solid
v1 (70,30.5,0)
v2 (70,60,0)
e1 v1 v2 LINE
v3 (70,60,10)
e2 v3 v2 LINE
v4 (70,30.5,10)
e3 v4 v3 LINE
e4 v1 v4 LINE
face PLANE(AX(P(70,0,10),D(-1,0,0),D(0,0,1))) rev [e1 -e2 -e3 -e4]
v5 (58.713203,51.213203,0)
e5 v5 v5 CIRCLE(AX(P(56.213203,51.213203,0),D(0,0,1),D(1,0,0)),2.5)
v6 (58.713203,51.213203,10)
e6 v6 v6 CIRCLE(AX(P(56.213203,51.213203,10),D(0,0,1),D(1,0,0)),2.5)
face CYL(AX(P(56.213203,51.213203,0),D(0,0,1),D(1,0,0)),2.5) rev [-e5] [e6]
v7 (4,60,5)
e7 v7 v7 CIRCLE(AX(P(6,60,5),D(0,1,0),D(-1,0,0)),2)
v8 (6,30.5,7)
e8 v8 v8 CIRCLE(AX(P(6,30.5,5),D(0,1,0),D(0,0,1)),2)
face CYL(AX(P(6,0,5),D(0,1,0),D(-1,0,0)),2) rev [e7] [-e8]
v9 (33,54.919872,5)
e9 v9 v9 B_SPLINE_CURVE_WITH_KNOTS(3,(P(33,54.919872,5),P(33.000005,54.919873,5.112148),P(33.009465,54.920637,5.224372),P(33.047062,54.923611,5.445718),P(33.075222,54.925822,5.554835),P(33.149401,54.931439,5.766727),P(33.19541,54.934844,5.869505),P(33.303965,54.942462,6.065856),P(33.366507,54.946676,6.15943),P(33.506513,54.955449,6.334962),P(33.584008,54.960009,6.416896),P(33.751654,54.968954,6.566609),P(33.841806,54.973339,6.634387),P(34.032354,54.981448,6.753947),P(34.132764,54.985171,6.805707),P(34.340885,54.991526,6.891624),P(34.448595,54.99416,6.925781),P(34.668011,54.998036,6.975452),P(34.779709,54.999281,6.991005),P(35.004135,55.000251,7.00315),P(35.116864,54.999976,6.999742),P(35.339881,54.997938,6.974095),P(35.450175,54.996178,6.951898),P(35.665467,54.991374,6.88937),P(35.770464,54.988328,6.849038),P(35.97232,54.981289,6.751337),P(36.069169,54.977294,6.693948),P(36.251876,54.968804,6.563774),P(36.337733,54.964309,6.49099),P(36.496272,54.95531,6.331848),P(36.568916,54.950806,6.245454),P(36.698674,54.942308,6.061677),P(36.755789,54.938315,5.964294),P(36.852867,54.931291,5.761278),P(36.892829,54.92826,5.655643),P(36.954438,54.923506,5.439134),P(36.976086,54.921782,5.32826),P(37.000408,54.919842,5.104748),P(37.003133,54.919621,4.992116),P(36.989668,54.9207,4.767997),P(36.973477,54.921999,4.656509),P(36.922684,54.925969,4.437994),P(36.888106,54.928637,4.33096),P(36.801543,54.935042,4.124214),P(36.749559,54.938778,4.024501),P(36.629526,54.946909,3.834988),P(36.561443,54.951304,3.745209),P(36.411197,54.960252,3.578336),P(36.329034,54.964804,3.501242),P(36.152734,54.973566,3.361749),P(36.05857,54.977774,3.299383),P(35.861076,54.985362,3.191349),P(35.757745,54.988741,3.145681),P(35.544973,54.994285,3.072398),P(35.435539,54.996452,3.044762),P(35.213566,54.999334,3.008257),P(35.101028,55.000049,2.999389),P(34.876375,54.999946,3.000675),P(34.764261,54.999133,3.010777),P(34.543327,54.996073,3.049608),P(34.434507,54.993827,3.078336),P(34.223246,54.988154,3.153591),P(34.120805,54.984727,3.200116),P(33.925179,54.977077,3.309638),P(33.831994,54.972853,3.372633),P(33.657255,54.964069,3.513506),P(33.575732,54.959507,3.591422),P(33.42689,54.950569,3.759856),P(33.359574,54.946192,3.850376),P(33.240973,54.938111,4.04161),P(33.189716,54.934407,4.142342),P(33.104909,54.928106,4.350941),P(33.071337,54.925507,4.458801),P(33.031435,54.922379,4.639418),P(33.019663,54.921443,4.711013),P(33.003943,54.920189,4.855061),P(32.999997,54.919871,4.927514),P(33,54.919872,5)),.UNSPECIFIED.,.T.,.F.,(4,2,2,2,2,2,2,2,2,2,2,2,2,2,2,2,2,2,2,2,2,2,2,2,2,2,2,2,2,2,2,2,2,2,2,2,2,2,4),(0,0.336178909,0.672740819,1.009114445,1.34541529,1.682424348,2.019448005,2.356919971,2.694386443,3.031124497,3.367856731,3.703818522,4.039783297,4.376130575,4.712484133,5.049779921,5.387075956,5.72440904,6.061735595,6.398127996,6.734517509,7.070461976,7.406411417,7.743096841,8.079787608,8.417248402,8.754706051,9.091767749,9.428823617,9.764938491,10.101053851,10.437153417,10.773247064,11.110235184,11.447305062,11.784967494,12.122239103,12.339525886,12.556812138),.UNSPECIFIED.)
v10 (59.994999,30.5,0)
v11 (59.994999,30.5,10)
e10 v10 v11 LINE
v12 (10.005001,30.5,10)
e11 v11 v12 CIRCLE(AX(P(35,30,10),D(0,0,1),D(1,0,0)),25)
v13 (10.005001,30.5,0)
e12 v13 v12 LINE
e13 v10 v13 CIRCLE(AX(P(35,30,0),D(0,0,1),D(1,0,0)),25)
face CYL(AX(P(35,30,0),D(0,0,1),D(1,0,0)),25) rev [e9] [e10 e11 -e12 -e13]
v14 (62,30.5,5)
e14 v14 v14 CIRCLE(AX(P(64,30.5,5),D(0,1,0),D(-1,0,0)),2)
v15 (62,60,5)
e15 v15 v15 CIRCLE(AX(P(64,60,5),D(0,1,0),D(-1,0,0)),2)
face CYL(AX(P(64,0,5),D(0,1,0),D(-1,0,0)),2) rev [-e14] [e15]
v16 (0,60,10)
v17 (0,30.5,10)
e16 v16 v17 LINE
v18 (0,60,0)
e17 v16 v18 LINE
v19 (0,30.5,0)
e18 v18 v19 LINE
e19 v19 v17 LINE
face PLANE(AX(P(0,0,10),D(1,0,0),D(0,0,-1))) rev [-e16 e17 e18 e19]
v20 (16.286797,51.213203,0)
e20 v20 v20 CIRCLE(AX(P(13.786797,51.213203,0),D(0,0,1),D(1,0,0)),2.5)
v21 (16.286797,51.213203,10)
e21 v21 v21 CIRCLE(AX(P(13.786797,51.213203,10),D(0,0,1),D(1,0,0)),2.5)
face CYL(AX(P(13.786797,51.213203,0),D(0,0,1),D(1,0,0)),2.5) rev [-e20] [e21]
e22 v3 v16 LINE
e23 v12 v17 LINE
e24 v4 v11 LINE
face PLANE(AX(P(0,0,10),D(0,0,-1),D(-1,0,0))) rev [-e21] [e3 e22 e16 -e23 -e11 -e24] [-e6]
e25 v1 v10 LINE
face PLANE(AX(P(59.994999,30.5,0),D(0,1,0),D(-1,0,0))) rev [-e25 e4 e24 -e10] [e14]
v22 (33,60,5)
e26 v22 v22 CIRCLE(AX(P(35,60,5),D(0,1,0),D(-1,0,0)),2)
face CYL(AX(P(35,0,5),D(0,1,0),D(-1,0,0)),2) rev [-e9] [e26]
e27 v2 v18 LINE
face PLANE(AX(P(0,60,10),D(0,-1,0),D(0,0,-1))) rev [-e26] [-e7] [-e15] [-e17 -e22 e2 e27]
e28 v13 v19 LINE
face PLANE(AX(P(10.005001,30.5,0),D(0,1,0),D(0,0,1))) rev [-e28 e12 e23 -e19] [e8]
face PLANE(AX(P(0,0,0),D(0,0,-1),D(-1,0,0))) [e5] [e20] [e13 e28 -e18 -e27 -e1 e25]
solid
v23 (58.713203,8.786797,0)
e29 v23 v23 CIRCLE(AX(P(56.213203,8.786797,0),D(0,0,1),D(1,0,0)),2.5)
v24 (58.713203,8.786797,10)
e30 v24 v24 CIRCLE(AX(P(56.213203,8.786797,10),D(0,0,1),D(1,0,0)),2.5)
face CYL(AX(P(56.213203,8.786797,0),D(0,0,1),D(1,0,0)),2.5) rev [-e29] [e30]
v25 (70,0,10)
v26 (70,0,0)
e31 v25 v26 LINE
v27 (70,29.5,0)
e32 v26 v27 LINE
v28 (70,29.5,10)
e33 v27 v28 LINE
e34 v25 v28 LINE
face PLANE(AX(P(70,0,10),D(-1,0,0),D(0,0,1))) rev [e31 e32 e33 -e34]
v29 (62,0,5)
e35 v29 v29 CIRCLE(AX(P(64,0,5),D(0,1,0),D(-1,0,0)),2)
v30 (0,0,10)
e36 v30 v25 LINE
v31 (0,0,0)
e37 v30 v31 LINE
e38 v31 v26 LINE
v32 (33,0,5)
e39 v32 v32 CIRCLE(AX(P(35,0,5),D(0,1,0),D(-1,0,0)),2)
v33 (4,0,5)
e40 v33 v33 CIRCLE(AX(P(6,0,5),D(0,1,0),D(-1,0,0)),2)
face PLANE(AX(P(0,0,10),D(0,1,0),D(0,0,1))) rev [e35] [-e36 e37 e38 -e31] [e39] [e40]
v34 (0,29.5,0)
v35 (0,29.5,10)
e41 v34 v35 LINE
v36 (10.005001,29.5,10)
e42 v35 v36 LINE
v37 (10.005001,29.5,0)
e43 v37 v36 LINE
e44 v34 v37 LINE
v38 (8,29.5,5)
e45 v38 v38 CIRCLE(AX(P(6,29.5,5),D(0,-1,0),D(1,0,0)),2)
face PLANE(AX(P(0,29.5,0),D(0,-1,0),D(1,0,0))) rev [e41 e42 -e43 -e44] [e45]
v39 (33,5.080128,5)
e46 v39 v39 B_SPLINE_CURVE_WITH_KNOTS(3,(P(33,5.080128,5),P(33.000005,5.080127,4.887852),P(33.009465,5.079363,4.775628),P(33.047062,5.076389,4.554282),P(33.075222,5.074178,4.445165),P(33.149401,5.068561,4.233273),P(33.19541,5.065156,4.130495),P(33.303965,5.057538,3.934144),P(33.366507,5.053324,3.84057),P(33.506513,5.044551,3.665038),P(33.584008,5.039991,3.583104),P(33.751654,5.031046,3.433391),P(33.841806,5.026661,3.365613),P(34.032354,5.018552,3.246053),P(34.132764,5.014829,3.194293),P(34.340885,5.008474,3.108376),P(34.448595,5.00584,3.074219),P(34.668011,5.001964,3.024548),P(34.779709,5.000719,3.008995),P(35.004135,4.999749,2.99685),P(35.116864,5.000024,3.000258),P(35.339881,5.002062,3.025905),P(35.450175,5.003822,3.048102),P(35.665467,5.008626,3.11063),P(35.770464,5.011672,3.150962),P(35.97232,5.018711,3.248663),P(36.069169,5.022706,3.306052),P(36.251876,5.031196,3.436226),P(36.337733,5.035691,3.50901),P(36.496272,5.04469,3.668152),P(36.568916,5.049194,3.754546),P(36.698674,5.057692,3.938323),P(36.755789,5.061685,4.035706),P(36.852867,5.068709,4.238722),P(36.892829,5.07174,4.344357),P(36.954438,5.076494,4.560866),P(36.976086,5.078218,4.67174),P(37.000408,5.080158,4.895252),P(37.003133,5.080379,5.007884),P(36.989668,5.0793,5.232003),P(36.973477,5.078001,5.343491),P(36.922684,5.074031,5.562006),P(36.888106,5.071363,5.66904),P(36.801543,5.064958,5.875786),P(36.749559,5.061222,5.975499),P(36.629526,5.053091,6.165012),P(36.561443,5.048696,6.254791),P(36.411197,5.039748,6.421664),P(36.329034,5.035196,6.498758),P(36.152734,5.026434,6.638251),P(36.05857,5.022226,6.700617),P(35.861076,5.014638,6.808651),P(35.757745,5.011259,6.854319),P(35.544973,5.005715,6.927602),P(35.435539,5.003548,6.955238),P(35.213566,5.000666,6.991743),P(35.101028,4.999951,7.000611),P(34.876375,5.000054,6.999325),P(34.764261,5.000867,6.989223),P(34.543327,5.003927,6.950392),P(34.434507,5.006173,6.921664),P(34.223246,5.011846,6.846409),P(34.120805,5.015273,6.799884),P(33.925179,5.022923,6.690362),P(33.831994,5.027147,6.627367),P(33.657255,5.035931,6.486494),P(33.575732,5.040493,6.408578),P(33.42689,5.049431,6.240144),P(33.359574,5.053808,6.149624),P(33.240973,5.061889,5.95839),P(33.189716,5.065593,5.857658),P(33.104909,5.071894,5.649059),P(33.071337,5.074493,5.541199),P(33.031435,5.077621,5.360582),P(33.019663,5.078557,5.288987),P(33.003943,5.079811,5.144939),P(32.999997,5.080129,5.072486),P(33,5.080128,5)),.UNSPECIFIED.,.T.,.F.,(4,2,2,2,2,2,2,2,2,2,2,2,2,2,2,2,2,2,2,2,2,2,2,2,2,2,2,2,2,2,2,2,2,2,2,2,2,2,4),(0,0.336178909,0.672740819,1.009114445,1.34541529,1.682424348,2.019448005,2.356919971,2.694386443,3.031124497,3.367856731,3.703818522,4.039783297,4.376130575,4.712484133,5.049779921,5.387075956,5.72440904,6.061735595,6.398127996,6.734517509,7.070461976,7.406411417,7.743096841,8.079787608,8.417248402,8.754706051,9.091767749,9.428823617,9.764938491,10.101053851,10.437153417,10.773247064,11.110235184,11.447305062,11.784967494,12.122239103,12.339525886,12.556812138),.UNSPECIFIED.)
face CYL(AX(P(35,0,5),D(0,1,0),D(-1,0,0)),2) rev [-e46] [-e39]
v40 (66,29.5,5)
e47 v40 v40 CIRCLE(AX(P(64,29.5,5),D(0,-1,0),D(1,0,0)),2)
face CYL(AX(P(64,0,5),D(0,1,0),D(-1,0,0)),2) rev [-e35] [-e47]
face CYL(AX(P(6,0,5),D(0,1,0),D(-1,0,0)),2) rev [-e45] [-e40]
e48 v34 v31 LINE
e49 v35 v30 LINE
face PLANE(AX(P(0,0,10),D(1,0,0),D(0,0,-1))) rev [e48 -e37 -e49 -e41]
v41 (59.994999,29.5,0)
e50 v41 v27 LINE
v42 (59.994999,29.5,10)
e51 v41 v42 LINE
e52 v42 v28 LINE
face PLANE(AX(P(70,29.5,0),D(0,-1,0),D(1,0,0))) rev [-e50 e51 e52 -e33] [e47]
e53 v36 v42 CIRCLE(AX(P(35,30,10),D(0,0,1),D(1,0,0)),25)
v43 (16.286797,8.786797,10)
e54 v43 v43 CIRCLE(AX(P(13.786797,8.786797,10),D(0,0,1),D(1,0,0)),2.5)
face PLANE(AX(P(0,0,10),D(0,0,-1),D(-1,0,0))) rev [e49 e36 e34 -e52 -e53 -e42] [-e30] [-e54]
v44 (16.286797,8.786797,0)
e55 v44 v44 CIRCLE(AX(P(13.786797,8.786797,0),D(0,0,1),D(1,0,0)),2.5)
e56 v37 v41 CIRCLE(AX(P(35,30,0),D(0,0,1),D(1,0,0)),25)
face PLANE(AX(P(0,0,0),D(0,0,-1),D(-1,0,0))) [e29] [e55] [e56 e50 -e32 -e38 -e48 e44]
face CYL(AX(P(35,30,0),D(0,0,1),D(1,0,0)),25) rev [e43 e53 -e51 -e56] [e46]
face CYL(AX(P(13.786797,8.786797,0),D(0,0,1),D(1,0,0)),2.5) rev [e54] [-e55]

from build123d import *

# Parameters (mm, degrees)
SKETCH1_W           = 70
SKETCH1_H           = 60
BOSS_EXTRUDE1_DEPTH = 10
CUT_EXTRUDE1_DEPTH  = 10
SKETCH3_R           = 2
CUT_EXTRUDE2_DEPTH  = 93.736184955
SKETCH6_R           = 2.5
CUT_EXTRUDE3_DEPTH  = 93.73618503


with BuildPart() as part:
    # Sketch1 → Boss-Extrude1 (new body)
    with BuildSketch(Plane.XY):
        with Locations((35, 30)):
            Rectangle(SKETCH1_W, SKETCH1_H)
    extrude(amount=BOSS_EXTRUDE1_DEPTH)

    # Sketch2 → Cut-Extrude1 (cut)
    with BuildSketch(Plane.XY.offset(10)):
        with BuildLine():
            Line((10.0050005, 30.5), (0, 30.5))
            Line((0, 30.5), (0, 29.5))
            Line((0, 29.5), (10.0050005, 29.5))
            ThreePointArc((10.0050005, 29.5), (35, 5), (59.9949995, 29.5))
            Line((59.9949995, 29.5), (70, 29.5))
            Line((70, 29.5), (70, 30.5))
            Line((70, 30.5), (59.9949995, 30.5))
            ThreePointArc((59.9949995, 30.5), (35, 55), (10.0050005, 30.5))
        make_face()
    extrude(amount=-CUT_EXTRUDE1_DEPTH, mode=Mode.SUBTRACT)


with BuildPart() as cut_extrude1_piece_1:
    # of the separate pieces the step leaves, piece 1, a body of its own (cut_extrude1_pieces)
    add(part.part.solids().sort_by_distance((0, 0, 0))[0])


with BuildPart() as cut_extrude1_piece_2:
    # of the separate pieces the step leaves, piece 2, a body of its own (cut_extrude1_pieces)
    add(part.part.solids().sort_by_distance((0, 60, 0))[0])


with BuildPart() as cut_extrude2_tool:
    # Sketch3 → Cut-Extrude2 (new, through all)
    with BuildSketch(Plane(origin=(0, 60, 0), x_dir=(1, 0, 0), z_dir=(0, 1, 0))):
        with Locations(Location((6, -5, 0), (0, 0, 180))):
            Circle(SKETCH3_R)
        with Locations(Location((64, -5, 0), (0, 0, 180))):
            Circle(SKETCH3_R)
        with Locations(Location((35, -5, 0), (0, 0, 180))):
            Circle(SKETCH3_R)
    extrude(amount=-CUT_EXTRUDE2_DEPTH)


with BuildPart() as cut_extrude1_piece_1_1:
    add(cut_extrude1_piece_1.part)

    # Cut-Extrude2: cut by cut_extrude2_tool
    add(cut_extrude2_tool.part, mode=Mode.SUBTRACT)


with BuildPart() as cut_extrude1_piece_2_1:
    add(cut_extrude1_piece_2.part)

    # Cut-Extrude2: cut by cut_extrude2_tool
    add(cut_extrude2_tool.part, mode=Mode.SUBTRACT)


with BuildPart() as cut_extrude3_tool:
    # Sketch6 → Cut-Extrude3 (new, through all)
    with BuildSketch(Plane.XY.offset(10)):
        with Locations((13.786796564, 51.213203436)):
            Circle(SKETCH6_R)
        with Locations((56.213203436, 51.213203436)):
            Circle(SKETCH6_R)
        with Locations((56.213203436, 8.786796564)):
            Circle(SKETCH6_R)
        with Locations((13.786796564, 8.786796564)):
            Circle(SKETCH6_R)
    extrude(amount=-CUT_EXTRUDE3_DEPTH)


with BuildPart() as cut_extrude1_piece_1_2:
    add(cut_extrude1_piece_1_1.part)

    # Cut-Extrude3: cut by cut_extrude3_tool
    add(cut_extrude3_tool.part, mode=Mode.SUBTRACT)


with BuildPart() as cut_extrude1_piece_2_2:
    add(cut_extrude1_piece_2_1.part)

    # Cut-Extrude3: cut by cut_extrude3_tool
    add(cut_extrude3_tool.part, mode=Mode.SUBTRACT)


solid = Compound([cut_extrude1_piece_1_2.part, cut_extrude1_piece_2_2.part])
